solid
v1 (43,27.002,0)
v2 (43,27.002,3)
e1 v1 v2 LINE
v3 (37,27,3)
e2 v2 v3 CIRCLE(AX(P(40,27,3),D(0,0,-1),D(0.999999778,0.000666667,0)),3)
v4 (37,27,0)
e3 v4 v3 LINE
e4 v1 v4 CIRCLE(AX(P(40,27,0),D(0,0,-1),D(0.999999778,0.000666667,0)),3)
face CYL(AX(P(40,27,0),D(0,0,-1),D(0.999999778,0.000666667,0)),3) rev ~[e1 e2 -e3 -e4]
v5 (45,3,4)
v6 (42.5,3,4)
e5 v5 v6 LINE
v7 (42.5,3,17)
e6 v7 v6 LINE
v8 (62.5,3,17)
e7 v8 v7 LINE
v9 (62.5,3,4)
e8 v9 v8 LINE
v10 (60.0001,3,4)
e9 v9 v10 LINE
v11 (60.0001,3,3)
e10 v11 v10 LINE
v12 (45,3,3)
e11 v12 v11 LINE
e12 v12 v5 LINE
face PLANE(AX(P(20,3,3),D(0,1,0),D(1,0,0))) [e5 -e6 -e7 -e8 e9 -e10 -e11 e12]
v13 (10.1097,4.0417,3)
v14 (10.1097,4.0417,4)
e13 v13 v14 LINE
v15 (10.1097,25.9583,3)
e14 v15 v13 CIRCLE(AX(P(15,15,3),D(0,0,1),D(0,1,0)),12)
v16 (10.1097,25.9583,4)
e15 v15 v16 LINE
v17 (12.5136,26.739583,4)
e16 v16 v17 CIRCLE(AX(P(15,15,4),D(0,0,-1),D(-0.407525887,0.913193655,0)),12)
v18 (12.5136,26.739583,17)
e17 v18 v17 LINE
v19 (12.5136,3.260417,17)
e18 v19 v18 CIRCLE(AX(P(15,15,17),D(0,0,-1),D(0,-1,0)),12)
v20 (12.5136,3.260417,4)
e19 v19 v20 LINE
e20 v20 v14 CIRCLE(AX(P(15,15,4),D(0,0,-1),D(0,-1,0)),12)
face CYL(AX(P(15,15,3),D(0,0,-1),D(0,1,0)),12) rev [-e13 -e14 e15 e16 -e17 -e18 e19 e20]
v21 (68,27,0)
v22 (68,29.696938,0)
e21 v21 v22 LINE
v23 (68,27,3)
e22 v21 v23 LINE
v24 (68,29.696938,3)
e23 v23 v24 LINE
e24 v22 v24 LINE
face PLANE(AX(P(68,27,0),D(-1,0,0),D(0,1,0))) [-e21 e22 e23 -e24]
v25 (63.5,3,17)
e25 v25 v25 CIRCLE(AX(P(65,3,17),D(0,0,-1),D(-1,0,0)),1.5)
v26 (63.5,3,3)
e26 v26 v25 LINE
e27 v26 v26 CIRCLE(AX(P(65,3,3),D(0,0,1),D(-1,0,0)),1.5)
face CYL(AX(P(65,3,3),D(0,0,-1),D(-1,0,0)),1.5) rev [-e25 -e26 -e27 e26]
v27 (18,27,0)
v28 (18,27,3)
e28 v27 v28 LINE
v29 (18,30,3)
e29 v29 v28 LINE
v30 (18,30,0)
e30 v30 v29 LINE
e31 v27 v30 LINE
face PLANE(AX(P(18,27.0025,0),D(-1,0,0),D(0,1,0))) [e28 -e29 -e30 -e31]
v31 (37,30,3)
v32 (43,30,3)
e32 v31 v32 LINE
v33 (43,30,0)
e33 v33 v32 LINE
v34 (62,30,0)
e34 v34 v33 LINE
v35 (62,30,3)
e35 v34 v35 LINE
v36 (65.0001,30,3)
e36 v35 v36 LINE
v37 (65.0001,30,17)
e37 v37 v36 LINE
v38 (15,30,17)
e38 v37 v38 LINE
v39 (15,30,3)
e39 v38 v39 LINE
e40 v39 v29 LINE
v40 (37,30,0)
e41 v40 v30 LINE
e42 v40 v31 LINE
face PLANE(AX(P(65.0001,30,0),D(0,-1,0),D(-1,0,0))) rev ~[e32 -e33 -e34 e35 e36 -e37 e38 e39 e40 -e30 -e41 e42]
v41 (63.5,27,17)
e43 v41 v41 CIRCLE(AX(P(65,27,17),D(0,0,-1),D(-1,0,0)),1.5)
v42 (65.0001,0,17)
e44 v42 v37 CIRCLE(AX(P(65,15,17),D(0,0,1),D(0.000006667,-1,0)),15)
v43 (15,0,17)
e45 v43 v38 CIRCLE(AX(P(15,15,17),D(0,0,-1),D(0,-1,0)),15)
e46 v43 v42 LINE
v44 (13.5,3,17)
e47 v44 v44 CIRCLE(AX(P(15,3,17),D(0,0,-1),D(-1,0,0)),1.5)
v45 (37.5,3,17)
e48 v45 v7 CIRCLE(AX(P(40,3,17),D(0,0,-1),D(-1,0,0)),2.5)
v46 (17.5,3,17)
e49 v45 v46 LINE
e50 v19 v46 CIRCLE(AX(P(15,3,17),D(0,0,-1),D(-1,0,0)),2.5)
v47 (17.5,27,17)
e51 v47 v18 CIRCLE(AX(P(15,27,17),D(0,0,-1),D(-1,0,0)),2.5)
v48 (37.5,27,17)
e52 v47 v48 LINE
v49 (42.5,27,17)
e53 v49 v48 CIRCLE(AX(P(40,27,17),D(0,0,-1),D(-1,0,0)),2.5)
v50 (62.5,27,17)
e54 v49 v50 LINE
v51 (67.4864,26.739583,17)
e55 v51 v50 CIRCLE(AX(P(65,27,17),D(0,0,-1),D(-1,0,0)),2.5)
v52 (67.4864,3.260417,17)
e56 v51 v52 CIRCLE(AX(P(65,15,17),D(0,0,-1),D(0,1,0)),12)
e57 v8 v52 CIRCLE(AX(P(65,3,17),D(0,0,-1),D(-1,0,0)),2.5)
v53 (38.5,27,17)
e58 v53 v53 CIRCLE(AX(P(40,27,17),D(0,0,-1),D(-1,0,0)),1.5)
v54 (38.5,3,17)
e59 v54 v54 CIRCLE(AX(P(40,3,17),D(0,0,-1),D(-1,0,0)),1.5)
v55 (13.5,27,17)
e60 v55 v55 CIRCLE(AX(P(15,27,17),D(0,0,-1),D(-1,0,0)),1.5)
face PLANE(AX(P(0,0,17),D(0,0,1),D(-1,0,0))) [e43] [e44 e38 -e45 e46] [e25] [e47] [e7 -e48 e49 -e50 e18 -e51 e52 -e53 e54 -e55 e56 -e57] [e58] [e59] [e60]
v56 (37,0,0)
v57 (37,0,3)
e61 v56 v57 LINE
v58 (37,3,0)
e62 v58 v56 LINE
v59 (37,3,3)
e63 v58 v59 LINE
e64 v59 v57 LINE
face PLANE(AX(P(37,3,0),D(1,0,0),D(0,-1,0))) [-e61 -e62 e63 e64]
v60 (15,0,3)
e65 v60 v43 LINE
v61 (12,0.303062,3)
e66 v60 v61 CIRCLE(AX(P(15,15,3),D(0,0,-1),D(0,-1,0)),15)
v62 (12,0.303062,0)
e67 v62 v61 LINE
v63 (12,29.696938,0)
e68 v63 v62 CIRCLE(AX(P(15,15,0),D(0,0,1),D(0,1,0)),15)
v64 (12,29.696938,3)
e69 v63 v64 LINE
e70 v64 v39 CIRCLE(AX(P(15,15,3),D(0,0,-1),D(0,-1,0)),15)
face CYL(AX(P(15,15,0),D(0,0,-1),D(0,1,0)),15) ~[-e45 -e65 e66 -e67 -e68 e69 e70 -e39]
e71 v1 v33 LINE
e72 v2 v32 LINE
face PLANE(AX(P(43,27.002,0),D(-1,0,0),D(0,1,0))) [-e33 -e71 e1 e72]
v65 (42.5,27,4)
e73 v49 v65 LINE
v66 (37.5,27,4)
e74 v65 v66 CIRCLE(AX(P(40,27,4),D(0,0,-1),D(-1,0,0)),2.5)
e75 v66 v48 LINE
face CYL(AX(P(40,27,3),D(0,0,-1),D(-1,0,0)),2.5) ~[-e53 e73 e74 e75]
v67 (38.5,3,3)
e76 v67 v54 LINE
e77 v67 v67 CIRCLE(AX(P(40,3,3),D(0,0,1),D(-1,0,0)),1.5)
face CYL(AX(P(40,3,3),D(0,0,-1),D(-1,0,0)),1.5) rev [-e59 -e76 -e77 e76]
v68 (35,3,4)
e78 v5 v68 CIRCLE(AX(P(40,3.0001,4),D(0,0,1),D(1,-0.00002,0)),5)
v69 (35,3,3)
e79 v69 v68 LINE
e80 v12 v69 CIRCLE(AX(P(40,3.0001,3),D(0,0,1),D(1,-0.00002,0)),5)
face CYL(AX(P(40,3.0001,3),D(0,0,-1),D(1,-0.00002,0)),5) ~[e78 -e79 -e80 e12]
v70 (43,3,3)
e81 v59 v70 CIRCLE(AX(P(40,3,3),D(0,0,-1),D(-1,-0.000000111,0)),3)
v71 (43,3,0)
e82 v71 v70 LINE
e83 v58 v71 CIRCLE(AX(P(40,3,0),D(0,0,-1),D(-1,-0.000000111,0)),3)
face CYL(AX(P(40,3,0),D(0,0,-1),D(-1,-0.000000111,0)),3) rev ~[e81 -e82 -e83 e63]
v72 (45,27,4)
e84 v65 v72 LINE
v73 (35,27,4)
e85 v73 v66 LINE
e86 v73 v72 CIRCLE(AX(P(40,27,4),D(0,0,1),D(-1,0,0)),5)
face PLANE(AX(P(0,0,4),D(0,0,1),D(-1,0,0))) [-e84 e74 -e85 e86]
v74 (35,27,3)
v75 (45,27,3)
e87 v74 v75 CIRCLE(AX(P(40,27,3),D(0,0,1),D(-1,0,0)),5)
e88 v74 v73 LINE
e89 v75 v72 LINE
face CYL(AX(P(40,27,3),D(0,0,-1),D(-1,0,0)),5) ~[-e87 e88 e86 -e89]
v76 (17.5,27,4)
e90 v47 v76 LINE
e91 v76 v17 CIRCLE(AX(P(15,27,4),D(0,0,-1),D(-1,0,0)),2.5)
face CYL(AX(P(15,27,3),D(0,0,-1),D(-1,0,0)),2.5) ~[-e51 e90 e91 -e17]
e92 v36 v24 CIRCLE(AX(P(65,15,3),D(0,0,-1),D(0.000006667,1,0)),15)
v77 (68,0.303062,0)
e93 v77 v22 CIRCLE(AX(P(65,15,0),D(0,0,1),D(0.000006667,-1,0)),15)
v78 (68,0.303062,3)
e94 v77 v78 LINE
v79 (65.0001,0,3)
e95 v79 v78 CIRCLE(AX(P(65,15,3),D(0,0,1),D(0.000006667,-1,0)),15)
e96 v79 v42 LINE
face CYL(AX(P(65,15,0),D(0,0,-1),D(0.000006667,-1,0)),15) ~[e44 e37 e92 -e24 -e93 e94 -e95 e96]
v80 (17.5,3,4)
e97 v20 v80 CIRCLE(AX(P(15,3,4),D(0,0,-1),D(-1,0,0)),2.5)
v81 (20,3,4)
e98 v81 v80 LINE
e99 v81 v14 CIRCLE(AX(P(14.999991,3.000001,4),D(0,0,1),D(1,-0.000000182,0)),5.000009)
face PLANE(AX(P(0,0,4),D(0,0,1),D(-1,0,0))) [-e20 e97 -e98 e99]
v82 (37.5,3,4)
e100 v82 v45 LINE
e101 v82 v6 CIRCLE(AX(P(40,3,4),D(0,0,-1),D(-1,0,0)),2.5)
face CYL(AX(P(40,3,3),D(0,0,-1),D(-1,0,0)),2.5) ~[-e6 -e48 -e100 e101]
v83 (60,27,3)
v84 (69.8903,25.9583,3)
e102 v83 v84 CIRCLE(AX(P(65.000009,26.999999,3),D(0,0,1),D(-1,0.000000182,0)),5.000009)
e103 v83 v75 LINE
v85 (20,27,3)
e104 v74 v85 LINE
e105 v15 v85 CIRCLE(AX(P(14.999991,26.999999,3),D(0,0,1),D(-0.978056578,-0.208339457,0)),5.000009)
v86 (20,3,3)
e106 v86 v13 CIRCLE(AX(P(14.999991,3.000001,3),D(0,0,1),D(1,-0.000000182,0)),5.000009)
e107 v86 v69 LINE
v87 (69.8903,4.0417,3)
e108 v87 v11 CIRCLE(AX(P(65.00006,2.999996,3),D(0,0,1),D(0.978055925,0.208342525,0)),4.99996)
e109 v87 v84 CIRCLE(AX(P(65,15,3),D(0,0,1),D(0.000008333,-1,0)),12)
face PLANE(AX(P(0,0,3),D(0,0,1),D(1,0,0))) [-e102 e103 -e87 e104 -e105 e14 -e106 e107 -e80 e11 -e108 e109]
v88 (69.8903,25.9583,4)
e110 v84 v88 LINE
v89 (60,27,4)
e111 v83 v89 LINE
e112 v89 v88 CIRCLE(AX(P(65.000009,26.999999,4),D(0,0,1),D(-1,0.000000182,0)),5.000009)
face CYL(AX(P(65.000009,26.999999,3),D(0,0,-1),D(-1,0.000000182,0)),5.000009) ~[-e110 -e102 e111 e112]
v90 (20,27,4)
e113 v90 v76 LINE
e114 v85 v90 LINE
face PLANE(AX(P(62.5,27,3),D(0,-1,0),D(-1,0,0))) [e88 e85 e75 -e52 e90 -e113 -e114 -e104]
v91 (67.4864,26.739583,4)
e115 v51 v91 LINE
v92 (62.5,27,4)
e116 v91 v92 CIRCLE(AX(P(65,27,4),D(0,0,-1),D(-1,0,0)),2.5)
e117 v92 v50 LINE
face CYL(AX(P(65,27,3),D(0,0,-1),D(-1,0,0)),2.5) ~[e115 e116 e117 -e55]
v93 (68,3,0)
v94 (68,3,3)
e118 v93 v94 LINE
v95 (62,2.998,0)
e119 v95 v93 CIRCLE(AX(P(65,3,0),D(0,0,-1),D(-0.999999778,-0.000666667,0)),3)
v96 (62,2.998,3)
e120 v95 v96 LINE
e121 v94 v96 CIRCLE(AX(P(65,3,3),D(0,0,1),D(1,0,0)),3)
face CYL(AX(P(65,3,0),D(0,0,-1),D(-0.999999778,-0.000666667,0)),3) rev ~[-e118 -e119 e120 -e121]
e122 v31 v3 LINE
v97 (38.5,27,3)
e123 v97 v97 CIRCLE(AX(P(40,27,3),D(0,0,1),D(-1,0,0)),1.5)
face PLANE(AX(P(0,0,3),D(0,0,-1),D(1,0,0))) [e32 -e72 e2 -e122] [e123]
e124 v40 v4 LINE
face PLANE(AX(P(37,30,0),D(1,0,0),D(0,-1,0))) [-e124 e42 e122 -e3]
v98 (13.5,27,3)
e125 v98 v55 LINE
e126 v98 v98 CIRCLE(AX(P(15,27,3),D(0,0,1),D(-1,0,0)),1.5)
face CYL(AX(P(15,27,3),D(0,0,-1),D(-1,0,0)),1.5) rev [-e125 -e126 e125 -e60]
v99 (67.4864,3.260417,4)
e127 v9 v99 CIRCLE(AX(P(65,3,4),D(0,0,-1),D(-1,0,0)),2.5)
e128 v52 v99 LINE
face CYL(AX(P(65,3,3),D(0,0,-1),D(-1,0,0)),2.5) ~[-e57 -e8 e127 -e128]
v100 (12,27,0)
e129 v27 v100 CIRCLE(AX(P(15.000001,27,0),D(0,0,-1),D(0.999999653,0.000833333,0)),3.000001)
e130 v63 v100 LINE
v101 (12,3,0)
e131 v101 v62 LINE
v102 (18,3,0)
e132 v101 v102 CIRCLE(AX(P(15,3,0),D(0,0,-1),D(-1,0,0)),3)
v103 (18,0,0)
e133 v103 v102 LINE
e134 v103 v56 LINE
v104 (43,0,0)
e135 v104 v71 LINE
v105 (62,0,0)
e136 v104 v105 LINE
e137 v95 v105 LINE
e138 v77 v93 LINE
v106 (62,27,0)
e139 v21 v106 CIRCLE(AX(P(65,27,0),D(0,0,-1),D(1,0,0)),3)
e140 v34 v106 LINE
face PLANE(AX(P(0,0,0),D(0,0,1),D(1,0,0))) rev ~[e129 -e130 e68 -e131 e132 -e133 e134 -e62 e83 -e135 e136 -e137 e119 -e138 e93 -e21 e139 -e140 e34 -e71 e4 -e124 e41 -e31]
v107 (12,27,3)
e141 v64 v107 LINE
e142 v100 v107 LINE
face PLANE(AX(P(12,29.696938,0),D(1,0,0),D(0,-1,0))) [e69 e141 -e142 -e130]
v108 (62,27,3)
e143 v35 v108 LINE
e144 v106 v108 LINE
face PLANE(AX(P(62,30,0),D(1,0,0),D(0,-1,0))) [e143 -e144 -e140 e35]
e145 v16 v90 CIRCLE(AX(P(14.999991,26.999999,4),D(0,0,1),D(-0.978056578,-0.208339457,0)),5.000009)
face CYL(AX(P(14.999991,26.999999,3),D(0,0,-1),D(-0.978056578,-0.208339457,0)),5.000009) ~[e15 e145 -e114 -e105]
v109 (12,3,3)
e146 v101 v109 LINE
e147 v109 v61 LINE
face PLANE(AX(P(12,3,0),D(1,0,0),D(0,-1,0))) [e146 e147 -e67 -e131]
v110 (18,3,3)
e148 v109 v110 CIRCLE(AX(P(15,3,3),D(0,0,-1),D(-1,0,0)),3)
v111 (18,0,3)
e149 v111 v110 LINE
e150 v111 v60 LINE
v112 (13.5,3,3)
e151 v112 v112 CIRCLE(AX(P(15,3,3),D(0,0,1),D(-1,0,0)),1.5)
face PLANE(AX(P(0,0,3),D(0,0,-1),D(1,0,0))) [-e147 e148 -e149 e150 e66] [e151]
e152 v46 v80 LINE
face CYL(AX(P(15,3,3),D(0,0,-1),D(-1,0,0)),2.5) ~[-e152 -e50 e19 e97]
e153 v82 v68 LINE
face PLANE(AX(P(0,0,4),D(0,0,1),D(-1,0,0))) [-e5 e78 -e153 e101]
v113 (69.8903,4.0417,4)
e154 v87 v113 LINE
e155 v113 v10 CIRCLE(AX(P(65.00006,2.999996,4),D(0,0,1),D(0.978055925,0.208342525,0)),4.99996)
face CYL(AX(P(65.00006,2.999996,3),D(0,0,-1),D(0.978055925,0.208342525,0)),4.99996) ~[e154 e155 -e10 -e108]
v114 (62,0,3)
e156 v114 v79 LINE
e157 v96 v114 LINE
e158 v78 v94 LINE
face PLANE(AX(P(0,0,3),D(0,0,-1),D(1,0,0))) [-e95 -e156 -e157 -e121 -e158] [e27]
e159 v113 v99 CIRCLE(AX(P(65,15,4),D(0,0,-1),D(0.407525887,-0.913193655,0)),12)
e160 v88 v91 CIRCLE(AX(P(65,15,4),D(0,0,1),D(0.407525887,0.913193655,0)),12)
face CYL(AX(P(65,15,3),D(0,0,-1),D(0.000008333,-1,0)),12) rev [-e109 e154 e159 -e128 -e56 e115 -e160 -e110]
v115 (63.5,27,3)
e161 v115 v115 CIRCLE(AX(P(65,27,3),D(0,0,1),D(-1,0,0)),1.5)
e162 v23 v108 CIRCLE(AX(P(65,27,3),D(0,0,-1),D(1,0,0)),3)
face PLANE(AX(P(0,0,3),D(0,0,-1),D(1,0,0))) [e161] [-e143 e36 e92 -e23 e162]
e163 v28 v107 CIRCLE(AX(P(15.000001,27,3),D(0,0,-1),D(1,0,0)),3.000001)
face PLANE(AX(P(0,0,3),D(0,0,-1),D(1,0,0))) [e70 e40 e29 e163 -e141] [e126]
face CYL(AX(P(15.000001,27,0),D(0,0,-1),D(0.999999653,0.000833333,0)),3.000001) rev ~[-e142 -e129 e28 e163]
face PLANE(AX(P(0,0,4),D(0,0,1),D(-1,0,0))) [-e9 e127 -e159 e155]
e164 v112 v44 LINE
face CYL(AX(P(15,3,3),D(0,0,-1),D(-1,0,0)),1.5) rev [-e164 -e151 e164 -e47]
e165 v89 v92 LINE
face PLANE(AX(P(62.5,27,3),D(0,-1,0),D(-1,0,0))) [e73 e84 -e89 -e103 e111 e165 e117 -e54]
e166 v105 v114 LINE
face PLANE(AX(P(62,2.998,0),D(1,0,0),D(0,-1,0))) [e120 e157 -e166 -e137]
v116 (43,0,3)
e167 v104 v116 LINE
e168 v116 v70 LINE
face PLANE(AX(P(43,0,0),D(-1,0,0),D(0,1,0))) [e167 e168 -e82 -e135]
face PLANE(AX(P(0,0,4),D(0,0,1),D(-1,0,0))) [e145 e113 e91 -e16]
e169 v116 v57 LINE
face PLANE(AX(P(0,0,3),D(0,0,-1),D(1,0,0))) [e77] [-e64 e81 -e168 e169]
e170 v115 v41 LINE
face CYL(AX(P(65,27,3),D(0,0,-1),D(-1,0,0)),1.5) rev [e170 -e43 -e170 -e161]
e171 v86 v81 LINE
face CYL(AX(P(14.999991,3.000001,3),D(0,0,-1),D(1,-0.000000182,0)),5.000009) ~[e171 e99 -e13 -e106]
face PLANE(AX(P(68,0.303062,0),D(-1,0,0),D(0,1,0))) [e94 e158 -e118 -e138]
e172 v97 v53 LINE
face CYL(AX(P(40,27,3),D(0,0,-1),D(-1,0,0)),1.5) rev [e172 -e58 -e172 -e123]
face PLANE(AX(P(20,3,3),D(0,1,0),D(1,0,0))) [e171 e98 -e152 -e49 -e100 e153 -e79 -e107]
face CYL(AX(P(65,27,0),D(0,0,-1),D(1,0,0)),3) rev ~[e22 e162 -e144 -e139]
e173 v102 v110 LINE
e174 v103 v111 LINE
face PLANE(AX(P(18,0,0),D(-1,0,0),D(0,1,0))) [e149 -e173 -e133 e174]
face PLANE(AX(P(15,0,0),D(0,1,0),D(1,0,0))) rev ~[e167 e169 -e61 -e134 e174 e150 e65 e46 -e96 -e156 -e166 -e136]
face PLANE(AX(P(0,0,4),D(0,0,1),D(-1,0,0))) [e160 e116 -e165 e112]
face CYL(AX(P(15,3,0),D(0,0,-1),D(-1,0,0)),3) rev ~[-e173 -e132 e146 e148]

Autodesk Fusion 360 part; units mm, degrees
sketch "Sketch1" plane through (0, 0, 0) normal (0, 0, 1) x (1, 0, 0)
  line L0 (15, 0) -> (65.0001, 0)
  line L1 (65.0001, 30) -> (15, 30)
  arc A0 (65.0001, 0) -> (65.0001, 30) centre (65, 15) ccw
  arc A1 (15, 30) -> (15, 0) centre (15, 15) ccw
  line L2 (0, 0) -> (0, 40.5539) construction
  line L3 (0, 0) -> (80, 0) construction
  dimension "d9" = 15
  dimension "d10" = 50
extrude "Extrude1" add sketch "Sketch1" along normal blind 3
sketch "Sketch2" plane through (0, 0, 3) normal (0, 0, 1) x (-1, 0, 0)
  arc A0 (-15, -30) -> (-15, 0) centre (-15, -15) ccw
  line L0 (-15, 0) -> (-65.0001, 0)
  arc A1 (-65.0001, 0) -> (-65.0001, -30) centre (-65, -15) ccw
  line L1 (-65.0001, -30) -> (-15, -30)
  arc A2 (-65.0001, -3) -> (-65, -27) centre (-65, -15) ccw
  line L2 (-65, -27) -> (-15, -27)
  arc A3 (-15, -27) -> (-15, -3) centre (-15, -15) ccw
  line L3 (-15, -3) -> (-65.0001, -3)
  line L4 (-65, -15) -> (-65.0001, 0) construction
  line L5 (-65.0001, 0) -> (-15.0001, 0.0002) construction
  line L6 (-15.0001, 0.0002) -> (-15, -15) construction
  line L7 (-15, -15) -> (-65, -15) construction
  arc A4 (-69.8903, -4.0417) -> (-60.0001, -3) centre (-65.0001, -3) ccw
  arc A5 (-45, -3) -> (-35, -3) centre (-40, -3.0001) ccw
  arc A6 (-20, -3) -> (-10.1097, -4.0417) centre (-15, -3) ccw
  arc A7 (-18.9998, 0.0002) -> (-19, 0) centre (-15, -3) ccw
  arc A8 (-20, -3) -> (-10.1097, -4.0417) centre (-15, -3) ccw
  arc A9 (-45, -3) -> (-35, -3) centre (-40, -3.0001) ccw
  arc A10 (-69.8903, -4.0417) -> (-60.0001, -3) centre (-65.0001, -3) ccw
  line L8 (-15.0001, -14.9998) -> (-15, -30) construction
  line L9 (-15, -30) -> (-15.9207, -30) construction
  line L10 (-15, -30) -> (-65, -30) construction
  arc A11 (-35, -27) -> (-45, -27) centre (-40, -27) ccw
  arc A12 (-10.1097, -25.9583) -> (-20, -27) centre (-15, -27) ccw
  arc A13 (-60, -27) -> (-69.8903, -25.9583) centre (-65, -27) ccw
  circle A14 centre (-15, -27) radius 1.5
  circle A15 centre (-40, -27) radius 1.5
  circle A16 centre (-65, -27) radius 1.5
  circle A17 centre (-15, -3) radius 1.5
  circle A18 centre (-40, -3) radius 1.5
  circle A19 centre (-65, -3) radius 1.5
  circle A20 centre (-40, -3) radius 2.5
  circle A21 centre (-65, -3) radius 2.5
  circle A22 centre (-65, -27) radius 2.5
  circle A23 centre (-40, -27) radius 2.5
  circle A24 centre (-15, -27) radius 2.5
  circle A25 centre (-15, -3) radius 2.5
  dimension "d13" = -3
  dimension "d44" = 10
  dimension "d47" = 10
  dimension "d48" = 10
  dimension "d51" = 10
  dimension "d52" = 10
  dimension "d53" = 10
  dimension "d55" = 10
  dimension "d56" = 10
  dimension "d57" = 10
  dimension "d60" = 3
  dimension "d61" = 3
  dimension "d62" = 3
  dimension "d63" = 3
  dimension "d64" = 3
  dimension "d65" = 3
  dimension "d66" = 1
  dimension "d67" = 1
  dimension "d68" = 1
  dimension "d69" = 1
  dimension "d70" = 1
  dimension "d71" = 1
extrude "Extrude2" add sketch "Sketch2" along normal blind 14 contours A0 L0 A1 L1 A2 L2 A3 L3 A7 A20 A21 A22 A23 A24 | A0 L0 A3 L3 A7 A25 | A3 L3 A17 A25 | L2 A3 A14 A24 | A3 L3 A17 | L3 A18 A20 | L2 A3 A14 | L3 A18 | L2 A15 A23 | A2 L3 A19 A21 | L2 A15 | A2 L3 A19 | A2 L2 A16 A22 | A2 L2 A16 picked at (-13.0721, -2.848) picked at (-13.0721, -27.152) picked at (-14.6506, -2.538) picked at (-42.1518, -2.8013) picked at (-14.6506, -27.462) picked at (-40.339, -2.2448) picked at (-42.1518, -27.1987) picked at (-66.9146, -2.7753) picked at (-39.7775, -27.9749) picked at (-65.3253, -2.5293) picked at (-66.9146, -27.2247) picked at (-65.3252, -27.4707)
sketch "Sketch3" plane through (0, 0, 0) normal (0, 0, -1) x (1, 0, 0)
  arc A0 (15, 0) -> (15, -30) centre (15, -15) ccw
  line L0 (15, -30) -> (65.0001, -30)
  arc A1 (65.0001, -30) -> (65.0001, 0) centre (65, -15) ccw
  line L1 (65.0001, 0) -> (15, 0)
  line L2 (65, -15) -> (65.0001, 0) construction
  line L3 (65, -15) -> (15, -15) construction
  line L4 (15, -15) -> (15, 0) construction
  line L5 (15, 0) -> (65.0001, 0) construction
  line L6 (15, 0) -> (15, -3) construction
  line L7 (18, -3) -> (18, 0) construction
  line L8 (18, 0) -> (12, 0) construction
  line L9 (12, 0) -> (12, -3) construction
  line L10 (12, -3) -> (12, 0) construction
  line L11 (15, 0) -> (18, 0) construction
  line L12 (18, 0) -> (18, -3) construction
  line L13 (12, -3) -> (12, 0)
  line L14 (12, 0) -> (18, 0)
  line L15 (18, 0) -> (18, -3)
  arc A2 (12, -3) -> (18, -3) centre (15, -3) ccw
  line L16 (40, -3) -> (43, -3) construction
  line L17 (43, 0) -> (37, 0) construction
  line L18 (37, 0) -> (43, 0)
  line L19 (43, 0) -> (43, -3)
  line L20 (37, -3) -> (37, 0)
  arc A3 (37, -2.998) -> (43, -3) centre (40, -3) ccw
  line L21 (65, -3) -> (68, -3) construction
  arc A4 (65.0066, 0) -> (64.9934, 0) centre (65, -3) ccw
  arc A5 (68, -27) -> (62, -27) centre (65, -27) ccw
  line L22 (62, -30) -> (62, -27)
  line L23 (68, -27) -> (68, -30)
  arc A6 (43, -27.002) -> (37, -27) centre (40, -27) ccw
  line L24 (43, -27) -> (43, -30)
  line L25 (37, -30) -> (37, -27)
  line L26 (18, -27) -> (18, -30)
  arc A7 (18, -27.0025) -> (12, -27) centre (15, -27) ccw
  line L27 (12, -30) -> (12, -27)
  line L28 (68, 0) -> (68, -3)
  arc A8 (62, -2.998) -> (68, -3) centre (65, -3) ccw
  line L29 (62, -3) -> (62, 0)
  line L30 (62, 0) -> (68, 0)
  dimension "d16" = 6
  dimension "d17" = 6
  dimension "d23" = 6
  dimension "d25" = 6
  dimension "d27" = 6
  dimension "d28" = 6
  dimension "d29" = 6
  dimension "d40" = 6
extrude "Extrude3" cut sketch "Sketch3" against normal blind 3 contours A0 L1 L13 L14 L15 A2
extrude "Extrude4" cut sketch "Sketch3" against normal blind 3 contours L1 L18 L19 L20 A3
extrude "Extrude5" cut sketch "Sketch3" against normal blind 3 contours L0 A6 L24 L25
extrude "Extrude6" cut sketch "Sketch3" against normal blind 3 contours A0 L0 L26 A7 L27
extrude "Extrude7" cut sketch "Sketch3" against normal blind 3 contours L0 A1 A5 L22 L23
extrude "Extrude8" cut sketch "Sketch3" against normal blind 3 contours A1 L1 A4 L28 A8 L29 L30
extrude "Extrude9" add sketch "Sketch2" along normal blind 1 contours A2 L3 A4 A10 A21 | A2 L3 A19 A21 | A2 L3 A19 picked at (-66.8477, -3.5405) picked at (-65.3313, -3.4756)
extrude "Extrude10" add sketch "Sketch2" along normal blind 1 contours A3 L3 A6 A7 A8 A25 | A3 L3 A17 A25 | L3 A5 A9 A20 | A3 L3 A17 | L3 A18 A20 | L3 A18 picked at (-13.1523, -3.5405) picked at (-14.6688, -3.4756) picked at (-42.1574, -3.1242) picked at (-40.3832, -3.562)
extrude "Extrude11" add sketch "Sketch2" along normal blind 1 contours L2 A3 A12 A24 | L2 A3 A14 A24 | L2 A3 A14 | L2 A11 A23 | L2 A15 A23 | L2 A15 | A2 L2 A13 A22 | A2 L2 A16 A22 | A2 L2 A16 picked at (-13.1523, -26.4595) picked at (-14.6688, -26.5244) picked at (-42.1574, -26.8758) picked at (-39.6335, -26.6599) picked at (-66.8477, -26.4595) picked at (-65.3313, -26.5244)
extrude "Extrude12" add sketch "Sketch2" along normal blind 14 contours A3 L3 A17 A25 | A3 L3 A17 A25 | A3 L3 A17 | A3 L3 A17
extrude "Extrude13" cut sketch "Sketch2" along normal blind 15 contours A3 L3 A17 | A3 L3 A17
extrude "Extrude14" add sketch "Sketch2" along normal blind 14 contours A3 L3 A17 A25 | A3 L3 A17 A25 | L2 A3 A14 A24 | L2 A3 A14 A24 | A3 L3 A17 | A3 L3 A17 | L3 A18 A20 | L3 A18 A20 | L2 A3 A14 | L2 A3 A14 | L3 A18 | L3 A18 | L2 A15 A23 | L2 A15 A23 | A2 L3 A19 A21 | A2 L3 A19 A21 | L2 A15 | L2 A15 | A2 L3 A19 | A2 L3 A19
extrude "Extrude15" add sketch "Sketch2" along normal blind 14 contours A2 L2 A16 A22 | A2 L2 A16 A22 | A2 L2 A16 | A2 L2 A16
extrude "Extrude16" cut sketch "Sketch2" along normal blind 15 contours A3 L3 A17 | A3 L3 A17 | L2 A3 A14 | L2 A3 A14 | L3 A18 | L3 A18 | L2 A15 | L2 A15 | A2 L3 A19 | A2 L3 A19 | A2 L2 A16 | A2 L2 A16
